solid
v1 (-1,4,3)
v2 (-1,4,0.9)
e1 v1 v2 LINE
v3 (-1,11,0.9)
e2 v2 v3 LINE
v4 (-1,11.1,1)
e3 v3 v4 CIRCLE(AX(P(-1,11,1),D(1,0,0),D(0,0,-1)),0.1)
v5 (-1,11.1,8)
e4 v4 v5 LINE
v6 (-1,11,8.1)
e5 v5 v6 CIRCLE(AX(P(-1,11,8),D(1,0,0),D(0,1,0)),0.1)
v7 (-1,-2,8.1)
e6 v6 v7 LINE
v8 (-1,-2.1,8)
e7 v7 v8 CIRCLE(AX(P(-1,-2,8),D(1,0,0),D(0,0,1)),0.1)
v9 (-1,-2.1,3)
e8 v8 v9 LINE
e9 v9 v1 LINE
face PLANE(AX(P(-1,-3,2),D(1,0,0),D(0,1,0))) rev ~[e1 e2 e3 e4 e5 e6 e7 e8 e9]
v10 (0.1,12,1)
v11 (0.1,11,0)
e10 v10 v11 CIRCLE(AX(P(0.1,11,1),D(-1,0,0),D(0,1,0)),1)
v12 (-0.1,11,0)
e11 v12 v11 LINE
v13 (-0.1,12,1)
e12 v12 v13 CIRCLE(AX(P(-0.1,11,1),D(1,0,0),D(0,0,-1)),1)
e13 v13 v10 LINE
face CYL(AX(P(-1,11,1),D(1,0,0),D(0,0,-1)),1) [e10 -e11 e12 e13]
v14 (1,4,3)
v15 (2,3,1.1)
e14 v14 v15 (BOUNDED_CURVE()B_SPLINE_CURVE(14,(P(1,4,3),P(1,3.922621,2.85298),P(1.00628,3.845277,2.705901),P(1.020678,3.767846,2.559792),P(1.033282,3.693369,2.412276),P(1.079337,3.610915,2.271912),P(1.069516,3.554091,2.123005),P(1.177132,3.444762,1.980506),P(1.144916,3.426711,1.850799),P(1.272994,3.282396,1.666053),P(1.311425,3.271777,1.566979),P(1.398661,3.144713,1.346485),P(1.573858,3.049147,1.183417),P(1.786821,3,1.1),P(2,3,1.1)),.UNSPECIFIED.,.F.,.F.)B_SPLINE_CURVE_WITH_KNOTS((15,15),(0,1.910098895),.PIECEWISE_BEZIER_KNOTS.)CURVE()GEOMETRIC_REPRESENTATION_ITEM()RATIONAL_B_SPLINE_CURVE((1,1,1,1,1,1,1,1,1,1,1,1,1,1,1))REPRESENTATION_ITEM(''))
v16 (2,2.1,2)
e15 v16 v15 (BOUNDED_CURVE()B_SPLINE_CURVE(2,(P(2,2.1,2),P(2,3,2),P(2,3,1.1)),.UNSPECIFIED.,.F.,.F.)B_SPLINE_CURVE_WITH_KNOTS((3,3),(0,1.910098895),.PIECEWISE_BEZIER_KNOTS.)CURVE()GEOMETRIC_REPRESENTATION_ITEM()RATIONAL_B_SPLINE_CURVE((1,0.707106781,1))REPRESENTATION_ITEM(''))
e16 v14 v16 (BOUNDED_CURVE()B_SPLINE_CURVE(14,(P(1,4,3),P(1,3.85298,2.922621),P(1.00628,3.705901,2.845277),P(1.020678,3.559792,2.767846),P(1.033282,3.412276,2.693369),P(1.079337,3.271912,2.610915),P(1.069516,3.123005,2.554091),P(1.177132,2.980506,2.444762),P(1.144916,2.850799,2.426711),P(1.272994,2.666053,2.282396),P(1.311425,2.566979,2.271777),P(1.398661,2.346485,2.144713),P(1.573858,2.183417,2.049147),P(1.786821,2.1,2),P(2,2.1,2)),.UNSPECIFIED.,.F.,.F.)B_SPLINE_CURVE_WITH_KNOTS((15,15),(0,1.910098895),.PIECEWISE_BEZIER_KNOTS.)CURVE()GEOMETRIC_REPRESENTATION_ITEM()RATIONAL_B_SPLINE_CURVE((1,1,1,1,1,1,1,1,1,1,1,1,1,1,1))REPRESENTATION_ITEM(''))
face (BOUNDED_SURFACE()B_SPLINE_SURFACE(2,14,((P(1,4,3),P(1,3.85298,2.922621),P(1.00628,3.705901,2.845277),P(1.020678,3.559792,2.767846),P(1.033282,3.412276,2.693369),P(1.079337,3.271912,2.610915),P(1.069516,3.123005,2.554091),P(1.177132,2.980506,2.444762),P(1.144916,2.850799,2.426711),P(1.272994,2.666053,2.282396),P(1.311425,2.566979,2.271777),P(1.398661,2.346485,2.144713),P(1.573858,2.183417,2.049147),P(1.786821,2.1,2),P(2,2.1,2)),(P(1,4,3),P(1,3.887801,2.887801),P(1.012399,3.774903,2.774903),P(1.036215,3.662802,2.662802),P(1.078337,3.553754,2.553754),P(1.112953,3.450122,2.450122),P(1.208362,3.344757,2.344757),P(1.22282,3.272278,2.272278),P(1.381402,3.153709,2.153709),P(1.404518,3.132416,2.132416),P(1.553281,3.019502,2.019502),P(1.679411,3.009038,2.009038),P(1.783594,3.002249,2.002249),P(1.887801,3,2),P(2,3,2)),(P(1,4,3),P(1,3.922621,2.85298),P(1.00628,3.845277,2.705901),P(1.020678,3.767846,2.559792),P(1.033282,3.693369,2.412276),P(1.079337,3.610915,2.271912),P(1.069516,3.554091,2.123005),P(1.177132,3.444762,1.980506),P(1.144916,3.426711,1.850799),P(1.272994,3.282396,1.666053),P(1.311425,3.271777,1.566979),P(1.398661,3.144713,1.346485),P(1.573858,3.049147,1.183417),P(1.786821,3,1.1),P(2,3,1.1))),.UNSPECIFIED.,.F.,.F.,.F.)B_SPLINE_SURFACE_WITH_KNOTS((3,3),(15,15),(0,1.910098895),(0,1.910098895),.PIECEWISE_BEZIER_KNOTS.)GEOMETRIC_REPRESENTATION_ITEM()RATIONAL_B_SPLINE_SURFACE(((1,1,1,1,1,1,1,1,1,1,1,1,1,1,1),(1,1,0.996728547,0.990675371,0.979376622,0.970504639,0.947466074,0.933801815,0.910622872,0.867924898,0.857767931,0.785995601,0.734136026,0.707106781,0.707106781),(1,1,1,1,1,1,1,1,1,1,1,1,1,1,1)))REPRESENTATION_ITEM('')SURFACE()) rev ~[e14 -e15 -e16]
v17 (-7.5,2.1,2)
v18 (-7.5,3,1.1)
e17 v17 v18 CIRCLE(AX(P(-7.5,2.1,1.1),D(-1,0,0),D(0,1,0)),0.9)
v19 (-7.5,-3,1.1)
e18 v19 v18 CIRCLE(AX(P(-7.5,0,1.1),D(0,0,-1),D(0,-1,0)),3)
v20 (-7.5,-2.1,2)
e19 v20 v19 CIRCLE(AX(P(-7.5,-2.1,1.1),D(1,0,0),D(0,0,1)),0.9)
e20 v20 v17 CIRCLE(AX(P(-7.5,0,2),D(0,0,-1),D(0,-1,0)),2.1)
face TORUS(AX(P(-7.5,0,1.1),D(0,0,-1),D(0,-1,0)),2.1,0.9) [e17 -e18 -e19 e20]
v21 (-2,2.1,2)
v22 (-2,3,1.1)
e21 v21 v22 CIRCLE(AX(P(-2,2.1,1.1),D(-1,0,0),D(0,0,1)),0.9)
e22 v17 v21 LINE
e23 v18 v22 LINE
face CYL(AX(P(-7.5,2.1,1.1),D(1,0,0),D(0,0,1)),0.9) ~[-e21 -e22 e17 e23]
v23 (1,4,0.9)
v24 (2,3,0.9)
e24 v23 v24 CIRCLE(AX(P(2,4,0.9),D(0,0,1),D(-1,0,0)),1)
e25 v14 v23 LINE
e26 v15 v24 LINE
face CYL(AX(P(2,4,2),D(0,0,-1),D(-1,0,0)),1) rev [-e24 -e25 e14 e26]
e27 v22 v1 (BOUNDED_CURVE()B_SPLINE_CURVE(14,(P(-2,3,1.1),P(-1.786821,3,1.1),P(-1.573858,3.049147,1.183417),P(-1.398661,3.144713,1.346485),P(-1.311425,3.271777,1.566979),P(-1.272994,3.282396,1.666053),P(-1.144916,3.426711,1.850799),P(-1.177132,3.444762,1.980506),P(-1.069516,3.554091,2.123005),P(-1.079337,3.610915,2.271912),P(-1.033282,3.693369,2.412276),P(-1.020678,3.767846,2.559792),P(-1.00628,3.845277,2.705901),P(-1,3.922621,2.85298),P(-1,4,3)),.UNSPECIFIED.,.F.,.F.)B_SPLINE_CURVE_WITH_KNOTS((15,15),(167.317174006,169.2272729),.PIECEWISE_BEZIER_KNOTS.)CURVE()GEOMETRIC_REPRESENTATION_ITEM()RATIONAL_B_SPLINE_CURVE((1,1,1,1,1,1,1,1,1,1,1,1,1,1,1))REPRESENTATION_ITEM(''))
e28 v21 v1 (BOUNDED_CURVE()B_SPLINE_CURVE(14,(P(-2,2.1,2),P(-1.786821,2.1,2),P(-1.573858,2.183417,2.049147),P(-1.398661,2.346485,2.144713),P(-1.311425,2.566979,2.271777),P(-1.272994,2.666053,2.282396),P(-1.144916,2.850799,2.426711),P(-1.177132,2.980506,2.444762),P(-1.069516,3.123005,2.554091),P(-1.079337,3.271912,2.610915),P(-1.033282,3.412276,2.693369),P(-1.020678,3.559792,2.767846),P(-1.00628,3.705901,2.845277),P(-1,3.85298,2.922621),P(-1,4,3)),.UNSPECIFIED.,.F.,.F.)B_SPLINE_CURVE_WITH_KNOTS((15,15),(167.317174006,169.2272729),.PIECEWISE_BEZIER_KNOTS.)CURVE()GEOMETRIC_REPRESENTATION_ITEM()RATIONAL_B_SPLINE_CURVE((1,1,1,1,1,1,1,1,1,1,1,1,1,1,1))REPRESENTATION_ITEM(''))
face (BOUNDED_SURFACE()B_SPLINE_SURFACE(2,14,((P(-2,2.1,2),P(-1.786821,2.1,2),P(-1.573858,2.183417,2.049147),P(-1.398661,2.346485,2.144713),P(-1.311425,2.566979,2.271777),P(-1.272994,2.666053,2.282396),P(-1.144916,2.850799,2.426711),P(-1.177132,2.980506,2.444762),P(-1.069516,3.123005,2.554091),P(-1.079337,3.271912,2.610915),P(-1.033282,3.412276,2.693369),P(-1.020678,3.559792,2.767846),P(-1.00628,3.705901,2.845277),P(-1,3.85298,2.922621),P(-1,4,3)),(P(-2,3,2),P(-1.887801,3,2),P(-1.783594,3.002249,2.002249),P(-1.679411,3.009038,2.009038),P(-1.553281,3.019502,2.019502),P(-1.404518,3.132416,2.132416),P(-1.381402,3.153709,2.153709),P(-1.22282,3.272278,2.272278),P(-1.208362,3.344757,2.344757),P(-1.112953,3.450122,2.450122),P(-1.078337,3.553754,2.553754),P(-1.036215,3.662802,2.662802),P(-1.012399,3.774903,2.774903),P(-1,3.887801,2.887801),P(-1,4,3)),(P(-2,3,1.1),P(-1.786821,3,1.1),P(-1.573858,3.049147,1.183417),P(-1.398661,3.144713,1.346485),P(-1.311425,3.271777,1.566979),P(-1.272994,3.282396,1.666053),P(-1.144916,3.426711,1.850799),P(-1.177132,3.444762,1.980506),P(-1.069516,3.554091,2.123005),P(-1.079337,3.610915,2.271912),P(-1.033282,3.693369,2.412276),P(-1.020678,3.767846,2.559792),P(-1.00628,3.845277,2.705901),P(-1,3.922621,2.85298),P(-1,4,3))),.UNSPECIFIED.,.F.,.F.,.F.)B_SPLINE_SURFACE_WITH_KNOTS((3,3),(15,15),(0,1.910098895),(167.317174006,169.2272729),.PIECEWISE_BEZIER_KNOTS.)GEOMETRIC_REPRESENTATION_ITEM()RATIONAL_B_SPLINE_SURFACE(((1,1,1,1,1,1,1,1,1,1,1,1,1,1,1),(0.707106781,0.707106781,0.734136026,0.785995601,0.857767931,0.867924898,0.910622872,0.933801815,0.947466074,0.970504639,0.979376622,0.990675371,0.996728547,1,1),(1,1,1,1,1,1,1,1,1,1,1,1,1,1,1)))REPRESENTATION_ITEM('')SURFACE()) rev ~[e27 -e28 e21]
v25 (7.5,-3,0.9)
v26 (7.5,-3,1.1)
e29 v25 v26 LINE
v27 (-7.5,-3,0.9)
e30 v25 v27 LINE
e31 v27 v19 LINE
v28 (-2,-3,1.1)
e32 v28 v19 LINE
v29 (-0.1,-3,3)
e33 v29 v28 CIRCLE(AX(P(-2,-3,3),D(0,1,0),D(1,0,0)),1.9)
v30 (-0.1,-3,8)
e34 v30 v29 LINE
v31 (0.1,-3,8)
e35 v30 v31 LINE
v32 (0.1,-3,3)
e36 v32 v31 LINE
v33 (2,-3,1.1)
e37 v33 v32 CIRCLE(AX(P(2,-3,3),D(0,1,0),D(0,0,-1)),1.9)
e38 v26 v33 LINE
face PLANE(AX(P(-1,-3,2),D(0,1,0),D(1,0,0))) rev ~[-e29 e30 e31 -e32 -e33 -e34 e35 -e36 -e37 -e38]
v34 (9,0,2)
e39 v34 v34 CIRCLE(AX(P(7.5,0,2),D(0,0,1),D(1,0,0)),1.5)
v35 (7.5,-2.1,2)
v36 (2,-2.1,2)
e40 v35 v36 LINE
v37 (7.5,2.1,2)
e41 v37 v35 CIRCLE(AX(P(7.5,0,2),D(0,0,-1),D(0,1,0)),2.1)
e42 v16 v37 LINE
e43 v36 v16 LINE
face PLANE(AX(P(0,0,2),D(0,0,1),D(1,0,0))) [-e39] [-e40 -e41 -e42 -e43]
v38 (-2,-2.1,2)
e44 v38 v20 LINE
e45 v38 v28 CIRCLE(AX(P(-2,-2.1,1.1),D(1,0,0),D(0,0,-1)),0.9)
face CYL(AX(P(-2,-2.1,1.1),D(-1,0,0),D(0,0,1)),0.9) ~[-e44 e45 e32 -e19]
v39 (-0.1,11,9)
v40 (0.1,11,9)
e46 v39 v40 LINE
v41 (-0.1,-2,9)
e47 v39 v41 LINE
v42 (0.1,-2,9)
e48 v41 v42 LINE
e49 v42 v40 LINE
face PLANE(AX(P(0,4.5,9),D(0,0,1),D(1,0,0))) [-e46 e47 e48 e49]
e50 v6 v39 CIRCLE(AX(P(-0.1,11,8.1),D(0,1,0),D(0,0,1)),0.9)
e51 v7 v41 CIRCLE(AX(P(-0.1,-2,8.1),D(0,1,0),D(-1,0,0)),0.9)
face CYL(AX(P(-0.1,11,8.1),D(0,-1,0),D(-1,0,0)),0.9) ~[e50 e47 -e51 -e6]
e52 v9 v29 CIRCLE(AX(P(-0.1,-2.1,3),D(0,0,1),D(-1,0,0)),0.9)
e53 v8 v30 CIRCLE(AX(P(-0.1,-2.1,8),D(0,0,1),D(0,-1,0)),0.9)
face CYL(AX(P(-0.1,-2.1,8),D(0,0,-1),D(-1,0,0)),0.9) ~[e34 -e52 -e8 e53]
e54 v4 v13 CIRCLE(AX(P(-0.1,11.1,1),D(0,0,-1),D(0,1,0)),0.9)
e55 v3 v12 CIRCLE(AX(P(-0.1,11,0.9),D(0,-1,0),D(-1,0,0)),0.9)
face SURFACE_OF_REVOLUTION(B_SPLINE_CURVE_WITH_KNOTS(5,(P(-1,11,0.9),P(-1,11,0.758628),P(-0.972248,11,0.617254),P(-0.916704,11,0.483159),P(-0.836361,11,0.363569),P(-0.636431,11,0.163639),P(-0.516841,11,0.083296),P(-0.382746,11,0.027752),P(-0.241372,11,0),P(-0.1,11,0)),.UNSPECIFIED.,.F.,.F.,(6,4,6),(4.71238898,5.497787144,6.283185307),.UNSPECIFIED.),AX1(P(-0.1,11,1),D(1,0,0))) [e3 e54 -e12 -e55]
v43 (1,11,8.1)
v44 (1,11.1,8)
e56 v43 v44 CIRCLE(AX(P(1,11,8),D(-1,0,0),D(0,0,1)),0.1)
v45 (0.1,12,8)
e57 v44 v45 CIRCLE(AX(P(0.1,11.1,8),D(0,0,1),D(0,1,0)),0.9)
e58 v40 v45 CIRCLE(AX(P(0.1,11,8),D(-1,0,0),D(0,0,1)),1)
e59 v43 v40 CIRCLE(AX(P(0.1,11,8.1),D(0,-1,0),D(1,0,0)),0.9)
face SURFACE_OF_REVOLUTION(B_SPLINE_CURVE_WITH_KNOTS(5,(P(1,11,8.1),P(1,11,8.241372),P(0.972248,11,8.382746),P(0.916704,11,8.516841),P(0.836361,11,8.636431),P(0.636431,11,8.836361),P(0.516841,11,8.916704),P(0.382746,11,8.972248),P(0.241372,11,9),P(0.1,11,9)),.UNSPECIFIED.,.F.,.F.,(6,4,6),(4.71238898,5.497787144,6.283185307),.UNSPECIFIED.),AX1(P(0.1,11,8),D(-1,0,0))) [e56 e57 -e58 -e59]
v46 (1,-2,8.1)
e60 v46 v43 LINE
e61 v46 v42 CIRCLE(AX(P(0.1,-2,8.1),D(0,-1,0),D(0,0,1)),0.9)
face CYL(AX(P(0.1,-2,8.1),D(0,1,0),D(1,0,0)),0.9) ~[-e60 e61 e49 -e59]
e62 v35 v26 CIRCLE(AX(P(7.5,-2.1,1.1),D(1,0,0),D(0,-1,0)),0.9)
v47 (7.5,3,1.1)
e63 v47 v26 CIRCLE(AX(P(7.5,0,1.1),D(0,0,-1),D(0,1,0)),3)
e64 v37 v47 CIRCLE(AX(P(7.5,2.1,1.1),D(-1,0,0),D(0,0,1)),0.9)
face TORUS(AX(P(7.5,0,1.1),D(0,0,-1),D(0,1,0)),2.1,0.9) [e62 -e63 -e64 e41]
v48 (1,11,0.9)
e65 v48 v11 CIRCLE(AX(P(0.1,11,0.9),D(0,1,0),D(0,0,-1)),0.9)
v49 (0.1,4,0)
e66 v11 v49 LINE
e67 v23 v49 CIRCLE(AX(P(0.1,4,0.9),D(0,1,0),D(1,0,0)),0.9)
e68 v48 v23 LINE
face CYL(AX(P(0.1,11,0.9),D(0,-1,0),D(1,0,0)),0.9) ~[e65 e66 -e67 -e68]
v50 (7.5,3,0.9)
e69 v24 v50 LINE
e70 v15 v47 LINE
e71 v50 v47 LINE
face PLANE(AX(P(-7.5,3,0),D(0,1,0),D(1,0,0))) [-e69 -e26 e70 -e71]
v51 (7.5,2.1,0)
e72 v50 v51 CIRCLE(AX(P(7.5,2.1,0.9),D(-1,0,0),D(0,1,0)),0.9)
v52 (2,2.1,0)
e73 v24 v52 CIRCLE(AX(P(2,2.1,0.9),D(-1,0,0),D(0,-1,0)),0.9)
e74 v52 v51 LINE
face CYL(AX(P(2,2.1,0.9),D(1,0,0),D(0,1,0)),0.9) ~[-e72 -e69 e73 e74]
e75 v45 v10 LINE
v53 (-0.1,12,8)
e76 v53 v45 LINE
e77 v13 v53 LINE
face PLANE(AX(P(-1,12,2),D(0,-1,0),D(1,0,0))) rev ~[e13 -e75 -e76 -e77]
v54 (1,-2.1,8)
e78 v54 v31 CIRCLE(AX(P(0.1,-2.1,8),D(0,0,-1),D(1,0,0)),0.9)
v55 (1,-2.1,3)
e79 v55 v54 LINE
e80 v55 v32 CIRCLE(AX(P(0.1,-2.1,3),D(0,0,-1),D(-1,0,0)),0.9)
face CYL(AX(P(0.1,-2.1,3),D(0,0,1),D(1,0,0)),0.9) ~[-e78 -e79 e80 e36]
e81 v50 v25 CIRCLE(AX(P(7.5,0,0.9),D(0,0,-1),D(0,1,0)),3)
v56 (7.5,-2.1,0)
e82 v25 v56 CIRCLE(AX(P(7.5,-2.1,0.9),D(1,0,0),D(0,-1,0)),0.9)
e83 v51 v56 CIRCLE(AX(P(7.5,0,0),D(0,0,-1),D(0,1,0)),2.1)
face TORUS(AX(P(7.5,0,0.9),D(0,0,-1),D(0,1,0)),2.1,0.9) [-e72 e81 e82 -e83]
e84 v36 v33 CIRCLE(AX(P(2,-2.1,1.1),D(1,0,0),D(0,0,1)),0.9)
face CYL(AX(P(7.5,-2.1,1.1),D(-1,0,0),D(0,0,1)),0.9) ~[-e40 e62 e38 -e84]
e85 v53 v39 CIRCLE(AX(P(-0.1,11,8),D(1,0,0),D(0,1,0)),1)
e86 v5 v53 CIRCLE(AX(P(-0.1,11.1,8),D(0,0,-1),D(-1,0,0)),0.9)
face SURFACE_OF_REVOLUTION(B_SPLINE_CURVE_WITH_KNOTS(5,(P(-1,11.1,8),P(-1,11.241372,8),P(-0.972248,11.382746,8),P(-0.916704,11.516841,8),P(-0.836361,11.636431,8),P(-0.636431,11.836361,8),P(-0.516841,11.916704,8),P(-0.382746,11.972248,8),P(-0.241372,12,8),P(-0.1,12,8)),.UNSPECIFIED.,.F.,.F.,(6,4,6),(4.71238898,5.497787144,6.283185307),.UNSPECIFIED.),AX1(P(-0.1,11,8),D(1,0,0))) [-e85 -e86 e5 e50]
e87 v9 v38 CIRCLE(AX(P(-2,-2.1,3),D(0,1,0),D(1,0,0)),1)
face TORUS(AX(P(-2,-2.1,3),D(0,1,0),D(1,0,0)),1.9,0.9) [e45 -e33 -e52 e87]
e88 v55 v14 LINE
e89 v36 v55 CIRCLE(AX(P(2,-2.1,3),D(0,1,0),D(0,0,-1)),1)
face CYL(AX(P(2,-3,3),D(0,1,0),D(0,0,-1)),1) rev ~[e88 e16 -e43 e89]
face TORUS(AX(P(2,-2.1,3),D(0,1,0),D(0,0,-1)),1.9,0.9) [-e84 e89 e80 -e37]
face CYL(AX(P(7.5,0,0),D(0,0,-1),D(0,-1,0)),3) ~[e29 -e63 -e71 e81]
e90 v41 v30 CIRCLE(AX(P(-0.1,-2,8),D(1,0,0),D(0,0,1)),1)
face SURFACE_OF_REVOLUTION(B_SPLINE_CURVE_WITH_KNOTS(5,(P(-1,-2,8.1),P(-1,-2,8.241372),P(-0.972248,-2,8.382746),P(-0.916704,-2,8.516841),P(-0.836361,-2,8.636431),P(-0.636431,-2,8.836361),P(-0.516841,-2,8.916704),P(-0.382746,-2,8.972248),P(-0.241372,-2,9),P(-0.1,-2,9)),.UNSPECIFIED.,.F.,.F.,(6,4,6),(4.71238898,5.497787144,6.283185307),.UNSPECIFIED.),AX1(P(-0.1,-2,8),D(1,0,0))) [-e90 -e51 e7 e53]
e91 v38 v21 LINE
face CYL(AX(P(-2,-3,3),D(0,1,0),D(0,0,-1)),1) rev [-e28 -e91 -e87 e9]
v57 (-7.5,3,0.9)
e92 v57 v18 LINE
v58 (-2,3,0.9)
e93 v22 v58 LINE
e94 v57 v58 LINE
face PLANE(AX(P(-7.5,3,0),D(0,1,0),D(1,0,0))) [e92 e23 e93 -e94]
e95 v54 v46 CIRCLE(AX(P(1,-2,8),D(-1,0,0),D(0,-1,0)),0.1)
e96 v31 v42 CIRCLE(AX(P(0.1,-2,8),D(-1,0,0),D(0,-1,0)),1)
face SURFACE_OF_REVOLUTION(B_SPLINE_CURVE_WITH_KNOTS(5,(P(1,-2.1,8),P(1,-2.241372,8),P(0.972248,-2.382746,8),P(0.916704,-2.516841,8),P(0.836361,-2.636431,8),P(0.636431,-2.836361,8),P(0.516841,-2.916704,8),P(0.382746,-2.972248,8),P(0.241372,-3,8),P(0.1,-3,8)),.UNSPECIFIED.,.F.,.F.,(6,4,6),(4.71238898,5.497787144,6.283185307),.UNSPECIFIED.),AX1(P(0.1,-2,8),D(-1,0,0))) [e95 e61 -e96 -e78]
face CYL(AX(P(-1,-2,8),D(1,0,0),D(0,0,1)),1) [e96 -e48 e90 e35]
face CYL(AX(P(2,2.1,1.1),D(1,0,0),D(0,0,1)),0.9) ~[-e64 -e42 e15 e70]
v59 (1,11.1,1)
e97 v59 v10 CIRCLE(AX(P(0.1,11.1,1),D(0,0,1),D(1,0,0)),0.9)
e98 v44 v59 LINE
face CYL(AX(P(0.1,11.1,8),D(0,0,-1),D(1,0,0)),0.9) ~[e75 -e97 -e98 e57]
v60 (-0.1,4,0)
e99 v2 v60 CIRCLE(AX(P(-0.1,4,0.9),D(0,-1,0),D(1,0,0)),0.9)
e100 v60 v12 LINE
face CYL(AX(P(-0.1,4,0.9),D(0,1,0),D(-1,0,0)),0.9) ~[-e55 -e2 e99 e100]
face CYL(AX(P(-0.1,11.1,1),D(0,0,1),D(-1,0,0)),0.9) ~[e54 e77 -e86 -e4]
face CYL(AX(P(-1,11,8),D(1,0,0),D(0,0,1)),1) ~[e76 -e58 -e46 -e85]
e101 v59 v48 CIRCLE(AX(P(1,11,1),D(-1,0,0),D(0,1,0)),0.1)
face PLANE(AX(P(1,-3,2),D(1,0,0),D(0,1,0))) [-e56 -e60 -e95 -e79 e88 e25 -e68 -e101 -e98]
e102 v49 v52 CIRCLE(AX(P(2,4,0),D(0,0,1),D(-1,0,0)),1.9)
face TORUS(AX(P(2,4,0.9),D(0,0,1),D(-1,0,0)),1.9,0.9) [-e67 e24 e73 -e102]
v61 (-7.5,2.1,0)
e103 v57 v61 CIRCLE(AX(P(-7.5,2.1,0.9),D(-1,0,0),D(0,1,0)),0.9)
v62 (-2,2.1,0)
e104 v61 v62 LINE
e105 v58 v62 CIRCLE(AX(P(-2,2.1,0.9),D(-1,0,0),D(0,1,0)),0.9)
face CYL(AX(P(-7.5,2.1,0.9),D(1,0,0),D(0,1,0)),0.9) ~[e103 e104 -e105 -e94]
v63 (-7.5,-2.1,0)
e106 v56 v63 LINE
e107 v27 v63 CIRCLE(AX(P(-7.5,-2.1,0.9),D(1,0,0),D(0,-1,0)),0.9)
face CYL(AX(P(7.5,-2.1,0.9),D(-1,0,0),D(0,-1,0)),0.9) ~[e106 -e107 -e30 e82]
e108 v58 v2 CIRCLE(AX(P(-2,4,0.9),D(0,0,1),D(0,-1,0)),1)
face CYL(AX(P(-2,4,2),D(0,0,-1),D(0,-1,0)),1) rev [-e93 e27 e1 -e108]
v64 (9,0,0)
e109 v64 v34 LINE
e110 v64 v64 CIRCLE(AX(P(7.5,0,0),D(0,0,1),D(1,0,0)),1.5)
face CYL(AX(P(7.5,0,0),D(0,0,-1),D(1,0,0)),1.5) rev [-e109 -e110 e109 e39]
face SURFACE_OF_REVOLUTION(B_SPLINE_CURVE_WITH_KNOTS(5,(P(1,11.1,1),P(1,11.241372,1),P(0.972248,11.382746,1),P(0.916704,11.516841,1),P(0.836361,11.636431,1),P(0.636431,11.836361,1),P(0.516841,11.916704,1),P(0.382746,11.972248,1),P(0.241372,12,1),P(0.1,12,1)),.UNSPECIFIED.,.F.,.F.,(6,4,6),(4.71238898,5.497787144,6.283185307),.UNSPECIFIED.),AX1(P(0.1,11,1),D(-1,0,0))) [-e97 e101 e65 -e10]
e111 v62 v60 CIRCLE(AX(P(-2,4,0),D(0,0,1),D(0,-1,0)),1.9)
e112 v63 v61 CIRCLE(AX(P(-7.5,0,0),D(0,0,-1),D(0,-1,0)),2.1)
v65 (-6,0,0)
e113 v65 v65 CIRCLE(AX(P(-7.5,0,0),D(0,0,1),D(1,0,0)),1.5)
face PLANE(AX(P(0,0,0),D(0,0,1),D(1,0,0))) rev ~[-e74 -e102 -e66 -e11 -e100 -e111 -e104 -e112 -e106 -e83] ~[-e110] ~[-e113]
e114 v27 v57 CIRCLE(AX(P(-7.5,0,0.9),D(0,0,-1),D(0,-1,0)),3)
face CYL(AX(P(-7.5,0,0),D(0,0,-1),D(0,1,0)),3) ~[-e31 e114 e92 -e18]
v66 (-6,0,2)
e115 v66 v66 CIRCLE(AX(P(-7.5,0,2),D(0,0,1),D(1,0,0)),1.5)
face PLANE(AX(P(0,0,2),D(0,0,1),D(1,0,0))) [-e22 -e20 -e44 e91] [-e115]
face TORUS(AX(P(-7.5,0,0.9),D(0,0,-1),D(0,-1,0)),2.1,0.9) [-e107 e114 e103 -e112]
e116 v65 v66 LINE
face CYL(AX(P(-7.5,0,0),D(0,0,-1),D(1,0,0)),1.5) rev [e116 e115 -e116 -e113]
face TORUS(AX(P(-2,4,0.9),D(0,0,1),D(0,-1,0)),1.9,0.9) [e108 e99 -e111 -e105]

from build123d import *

# Parameters (mm, degrees)
SKETCH_R          = 1.5
PAD_DEPTH         = 2
SKETCH001_W       = 2
SKETCH001_H       = 15
PAD001_DEPTH      = 7
PAD001_DEPTH_BACK = 2
FILLET_R          = 1
FILLET001_R       = 0.9


with BuildPart() as part:
    # Sketch → Pad (new body)
    with BuildSketch(Plane.XY):
        with BuildLine():
            ThreePointArc((-7.5, 3), (-10.5, 0), (-7.5, -3))
            Line((-7.5, -3), (7.5, -3))
            ThreePointArc((7.5, -3), (10.5, 0), (7.5, 3))
            Line((-7.5, 3), (7.5, 3))
        make_face()
        with Locations((-7.5, 0)):
            Circle(SKETCH_R, mode=Mode.SUBTRACT)
        with Locations((7.5, 0)):
            Circle(SKETCH_R, mode=Mode.SUBTRACT)
    extrude(amount=PAD_DEPTH)

    # Sketch001 (on Face8 of Pad) → Pad001 (join, two sides)
    with BuildSketch(Plane.XY.offset(2)) as pad001_sk:
        with Locations((0, 4.5)):
            Rectangle(SKETCH001_W, SKETCH001_H)
    extrude(amount=PAD001_DEPTH)
    extrude(pad001_sk.sketch, amount=-PAD001_DEPTH_BACK)

    # Fillet
    fillet_edges = [part.edges().sort_by_distance(p)[0] for p in [
        (1, 0, 2),
        (-1, 0, 2),
        (0, -3, 9),
        (0, 12, 9),
        (0, 12, 0),
        (1, 3, 1),
        (-1, 3, 1),
    ]]
    fillet(fillet_edges, radius=FILLET_R)

    # Fillet001
    fillet001_edges = [part.edges().sort_by_distance(p)[0] for p in [
        (1, 11.707107, 8.707107),
    ]]
    fillet(fillet001_edges, radius=FILLET001_R)


solid = part.part
